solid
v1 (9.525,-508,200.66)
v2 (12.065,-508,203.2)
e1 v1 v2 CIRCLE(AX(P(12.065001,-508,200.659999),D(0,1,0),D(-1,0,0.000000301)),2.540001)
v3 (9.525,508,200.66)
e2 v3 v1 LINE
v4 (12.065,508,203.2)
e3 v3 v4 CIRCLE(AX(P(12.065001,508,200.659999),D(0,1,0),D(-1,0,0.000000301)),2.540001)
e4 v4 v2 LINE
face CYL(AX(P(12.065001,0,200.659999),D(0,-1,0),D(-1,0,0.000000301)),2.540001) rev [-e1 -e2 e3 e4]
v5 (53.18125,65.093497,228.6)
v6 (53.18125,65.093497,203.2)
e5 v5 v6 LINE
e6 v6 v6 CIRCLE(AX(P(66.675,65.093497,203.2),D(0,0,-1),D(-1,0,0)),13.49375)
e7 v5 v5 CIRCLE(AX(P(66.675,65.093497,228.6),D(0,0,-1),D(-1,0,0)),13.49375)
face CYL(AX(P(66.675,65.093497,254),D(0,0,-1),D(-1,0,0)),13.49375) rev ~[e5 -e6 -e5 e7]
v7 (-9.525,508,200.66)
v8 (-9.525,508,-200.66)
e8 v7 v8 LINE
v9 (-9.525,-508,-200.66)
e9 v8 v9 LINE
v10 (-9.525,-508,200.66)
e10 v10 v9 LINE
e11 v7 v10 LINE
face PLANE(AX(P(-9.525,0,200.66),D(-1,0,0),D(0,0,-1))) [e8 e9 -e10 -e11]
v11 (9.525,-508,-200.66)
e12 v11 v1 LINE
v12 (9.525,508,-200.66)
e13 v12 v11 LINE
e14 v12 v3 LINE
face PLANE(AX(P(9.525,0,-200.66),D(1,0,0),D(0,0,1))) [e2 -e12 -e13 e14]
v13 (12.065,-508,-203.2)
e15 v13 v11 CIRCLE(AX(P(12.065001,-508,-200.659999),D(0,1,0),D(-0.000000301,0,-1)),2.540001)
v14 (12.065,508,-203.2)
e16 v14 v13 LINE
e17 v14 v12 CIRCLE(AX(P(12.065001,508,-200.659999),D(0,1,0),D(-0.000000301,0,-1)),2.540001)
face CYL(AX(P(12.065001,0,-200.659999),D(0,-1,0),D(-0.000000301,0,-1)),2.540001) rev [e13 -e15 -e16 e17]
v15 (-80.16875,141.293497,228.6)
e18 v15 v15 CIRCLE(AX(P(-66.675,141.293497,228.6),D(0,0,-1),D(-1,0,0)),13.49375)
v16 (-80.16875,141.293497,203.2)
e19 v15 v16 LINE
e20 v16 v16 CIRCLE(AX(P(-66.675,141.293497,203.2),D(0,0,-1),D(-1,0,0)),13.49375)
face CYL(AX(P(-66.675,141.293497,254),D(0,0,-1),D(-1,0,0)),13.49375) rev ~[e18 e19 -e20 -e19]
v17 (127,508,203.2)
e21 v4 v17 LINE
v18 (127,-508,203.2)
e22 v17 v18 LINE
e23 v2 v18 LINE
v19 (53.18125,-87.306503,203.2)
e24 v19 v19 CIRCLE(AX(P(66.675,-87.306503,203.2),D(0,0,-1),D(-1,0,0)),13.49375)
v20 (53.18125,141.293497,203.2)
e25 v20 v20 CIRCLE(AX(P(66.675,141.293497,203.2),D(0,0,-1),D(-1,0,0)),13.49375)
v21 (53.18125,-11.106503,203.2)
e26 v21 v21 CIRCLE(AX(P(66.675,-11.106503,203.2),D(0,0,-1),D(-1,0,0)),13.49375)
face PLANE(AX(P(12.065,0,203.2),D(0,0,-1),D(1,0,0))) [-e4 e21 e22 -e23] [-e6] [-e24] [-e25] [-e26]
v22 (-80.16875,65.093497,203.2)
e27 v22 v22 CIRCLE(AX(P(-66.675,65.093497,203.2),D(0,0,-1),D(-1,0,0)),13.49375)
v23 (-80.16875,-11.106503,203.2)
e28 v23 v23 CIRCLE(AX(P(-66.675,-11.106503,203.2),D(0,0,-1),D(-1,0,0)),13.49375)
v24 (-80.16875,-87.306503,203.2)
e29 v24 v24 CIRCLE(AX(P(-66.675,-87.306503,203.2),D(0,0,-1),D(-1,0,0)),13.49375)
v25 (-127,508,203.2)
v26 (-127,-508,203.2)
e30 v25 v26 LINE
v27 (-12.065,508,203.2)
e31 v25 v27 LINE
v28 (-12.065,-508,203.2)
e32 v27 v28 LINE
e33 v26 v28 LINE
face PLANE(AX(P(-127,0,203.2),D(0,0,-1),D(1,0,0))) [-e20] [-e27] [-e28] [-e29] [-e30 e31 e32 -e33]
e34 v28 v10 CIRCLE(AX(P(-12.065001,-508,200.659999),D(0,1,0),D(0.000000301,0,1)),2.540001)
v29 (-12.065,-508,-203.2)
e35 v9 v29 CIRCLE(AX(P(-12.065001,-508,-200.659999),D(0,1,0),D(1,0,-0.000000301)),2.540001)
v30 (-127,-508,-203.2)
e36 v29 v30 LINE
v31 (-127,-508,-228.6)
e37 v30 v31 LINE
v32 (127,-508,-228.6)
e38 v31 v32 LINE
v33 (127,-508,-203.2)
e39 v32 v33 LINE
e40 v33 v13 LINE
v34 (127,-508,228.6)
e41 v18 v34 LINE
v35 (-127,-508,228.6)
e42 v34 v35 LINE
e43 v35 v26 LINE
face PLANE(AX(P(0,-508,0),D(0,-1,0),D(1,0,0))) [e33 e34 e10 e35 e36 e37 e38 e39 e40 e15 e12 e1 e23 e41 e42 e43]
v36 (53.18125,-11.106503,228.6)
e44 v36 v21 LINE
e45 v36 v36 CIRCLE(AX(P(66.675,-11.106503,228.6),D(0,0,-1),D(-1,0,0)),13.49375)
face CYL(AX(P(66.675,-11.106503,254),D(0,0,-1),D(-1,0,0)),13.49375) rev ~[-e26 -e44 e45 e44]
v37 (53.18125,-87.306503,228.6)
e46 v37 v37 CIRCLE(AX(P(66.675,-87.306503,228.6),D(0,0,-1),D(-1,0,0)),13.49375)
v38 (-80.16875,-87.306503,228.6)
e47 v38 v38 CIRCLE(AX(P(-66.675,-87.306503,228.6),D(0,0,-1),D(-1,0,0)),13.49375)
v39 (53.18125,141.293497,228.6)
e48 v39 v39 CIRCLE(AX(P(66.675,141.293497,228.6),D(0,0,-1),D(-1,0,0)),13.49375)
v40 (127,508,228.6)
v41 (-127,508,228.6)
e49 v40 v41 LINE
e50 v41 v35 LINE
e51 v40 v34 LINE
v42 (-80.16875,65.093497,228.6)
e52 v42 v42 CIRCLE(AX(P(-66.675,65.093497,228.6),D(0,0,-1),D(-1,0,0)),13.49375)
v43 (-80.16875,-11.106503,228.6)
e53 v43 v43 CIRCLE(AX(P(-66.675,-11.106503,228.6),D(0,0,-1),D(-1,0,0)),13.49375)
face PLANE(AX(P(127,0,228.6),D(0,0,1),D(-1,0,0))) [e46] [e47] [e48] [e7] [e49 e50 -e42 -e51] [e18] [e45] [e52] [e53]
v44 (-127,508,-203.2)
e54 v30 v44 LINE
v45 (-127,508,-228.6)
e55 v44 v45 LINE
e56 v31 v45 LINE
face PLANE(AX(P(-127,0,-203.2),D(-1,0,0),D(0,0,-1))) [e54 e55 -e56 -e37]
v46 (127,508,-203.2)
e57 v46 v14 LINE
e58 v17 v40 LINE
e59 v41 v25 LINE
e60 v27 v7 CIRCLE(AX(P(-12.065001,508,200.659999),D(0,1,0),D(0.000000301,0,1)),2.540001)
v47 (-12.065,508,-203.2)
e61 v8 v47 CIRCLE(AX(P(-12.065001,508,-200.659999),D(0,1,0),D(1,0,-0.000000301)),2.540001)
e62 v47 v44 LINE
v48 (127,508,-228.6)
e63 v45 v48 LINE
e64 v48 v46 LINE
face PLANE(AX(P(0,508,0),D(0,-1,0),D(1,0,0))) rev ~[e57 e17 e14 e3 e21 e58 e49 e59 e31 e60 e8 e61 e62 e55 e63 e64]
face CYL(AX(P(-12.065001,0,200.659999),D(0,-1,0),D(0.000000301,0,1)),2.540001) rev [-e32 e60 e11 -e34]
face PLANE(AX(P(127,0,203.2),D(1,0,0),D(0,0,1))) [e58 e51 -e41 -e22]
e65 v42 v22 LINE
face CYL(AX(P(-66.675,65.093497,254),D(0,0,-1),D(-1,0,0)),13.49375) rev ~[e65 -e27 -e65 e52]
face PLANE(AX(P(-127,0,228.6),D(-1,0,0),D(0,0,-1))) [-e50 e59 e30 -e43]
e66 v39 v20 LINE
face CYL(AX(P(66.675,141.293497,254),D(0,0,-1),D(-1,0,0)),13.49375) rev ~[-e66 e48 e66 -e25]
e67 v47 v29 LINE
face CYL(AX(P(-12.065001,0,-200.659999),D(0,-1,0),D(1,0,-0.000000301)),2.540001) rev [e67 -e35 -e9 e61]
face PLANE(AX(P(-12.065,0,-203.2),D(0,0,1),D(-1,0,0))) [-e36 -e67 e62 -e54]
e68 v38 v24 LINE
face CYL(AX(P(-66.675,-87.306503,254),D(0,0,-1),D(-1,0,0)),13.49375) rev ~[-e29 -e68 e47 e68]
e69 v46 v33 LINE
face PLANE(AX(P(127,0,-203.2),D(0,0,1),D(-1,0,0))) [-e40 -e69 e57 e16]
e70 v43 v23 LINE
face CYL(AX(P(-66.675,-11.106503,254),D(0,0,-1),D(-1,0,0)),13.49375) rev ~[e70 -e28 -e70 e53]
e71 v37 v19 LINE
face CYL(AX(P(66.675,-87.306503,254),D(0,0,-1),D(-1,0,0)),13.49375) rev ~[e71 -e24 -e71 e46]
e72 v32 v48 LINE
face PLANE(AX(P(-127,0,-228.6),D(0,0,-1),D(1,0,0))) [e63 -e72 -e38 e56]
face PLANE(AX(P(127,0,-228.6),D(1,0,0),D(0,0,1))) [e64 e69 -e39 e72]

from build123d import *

# Parameters (mm, degrees)
F1_DEPTH = 508
F3_D     = 26.9875
F3_DEPTH = 25.4


with BuildPart() as f1:
    # F0 (on Front) → F1 (new body, symmetric)
    with BuildSketch(Plane.XZ):
        with BuildLine():
            Line((127, -228.6), (127, -203.2))
            Line((127, -203.2), (12.065, -203.2))
            ThreePointArc((12.065, -203.2), (10.268949, -202.456051), (9.525, -200.66))
            Line((9.525, -200.66), (9.525, 200.66))
            ThreePointArc((9.525, 200.66), (10.268949, 202.456051), (12.065, 203.2))
            Line((12.065, 203.2), (127, 203.2))
            Line((127, 203.2), (127, 228.6))
            Line((127, 228.6), (-127, 228.6))
            Line((-127, 228.6), (-127, 203.2))
            Line((-127, 203.2), (-12.065, 203.2))
            ThreePointArc((-12.065, 203.2), (-10.268949, 202.456051), (-9.525, 200.66))
            Line((-9.525, 200.66), (-9.525, -200.66))
            ThreePointArc((-9.525, -200.66), (-10.268949, -202.456051), (-12.065, -203.2))
            Line((-12.065, -203.2), (-127, -203.2))
            Line((-127, -203.2), (-127, -228.6))
            Line((-127, -228.6), (127, -228.6))
        make_face()
    extrude(amount=F1_DEPTH, both=True)

    # F3
    with Locations(Plane.XY.offset(228.6)):
        with Locations((-66.675, 141.293497), (-66.675, 65.093497), (-66.675, -11.106503), (-66.675, -87.306503), (66.675, -87.306503), (66.675, -11.106503), (66.675, 65.093497), (66.675, 141.293497)):
            Hole(F3_D / 2, depth=F3_DEPTH)


solid = f1.part
